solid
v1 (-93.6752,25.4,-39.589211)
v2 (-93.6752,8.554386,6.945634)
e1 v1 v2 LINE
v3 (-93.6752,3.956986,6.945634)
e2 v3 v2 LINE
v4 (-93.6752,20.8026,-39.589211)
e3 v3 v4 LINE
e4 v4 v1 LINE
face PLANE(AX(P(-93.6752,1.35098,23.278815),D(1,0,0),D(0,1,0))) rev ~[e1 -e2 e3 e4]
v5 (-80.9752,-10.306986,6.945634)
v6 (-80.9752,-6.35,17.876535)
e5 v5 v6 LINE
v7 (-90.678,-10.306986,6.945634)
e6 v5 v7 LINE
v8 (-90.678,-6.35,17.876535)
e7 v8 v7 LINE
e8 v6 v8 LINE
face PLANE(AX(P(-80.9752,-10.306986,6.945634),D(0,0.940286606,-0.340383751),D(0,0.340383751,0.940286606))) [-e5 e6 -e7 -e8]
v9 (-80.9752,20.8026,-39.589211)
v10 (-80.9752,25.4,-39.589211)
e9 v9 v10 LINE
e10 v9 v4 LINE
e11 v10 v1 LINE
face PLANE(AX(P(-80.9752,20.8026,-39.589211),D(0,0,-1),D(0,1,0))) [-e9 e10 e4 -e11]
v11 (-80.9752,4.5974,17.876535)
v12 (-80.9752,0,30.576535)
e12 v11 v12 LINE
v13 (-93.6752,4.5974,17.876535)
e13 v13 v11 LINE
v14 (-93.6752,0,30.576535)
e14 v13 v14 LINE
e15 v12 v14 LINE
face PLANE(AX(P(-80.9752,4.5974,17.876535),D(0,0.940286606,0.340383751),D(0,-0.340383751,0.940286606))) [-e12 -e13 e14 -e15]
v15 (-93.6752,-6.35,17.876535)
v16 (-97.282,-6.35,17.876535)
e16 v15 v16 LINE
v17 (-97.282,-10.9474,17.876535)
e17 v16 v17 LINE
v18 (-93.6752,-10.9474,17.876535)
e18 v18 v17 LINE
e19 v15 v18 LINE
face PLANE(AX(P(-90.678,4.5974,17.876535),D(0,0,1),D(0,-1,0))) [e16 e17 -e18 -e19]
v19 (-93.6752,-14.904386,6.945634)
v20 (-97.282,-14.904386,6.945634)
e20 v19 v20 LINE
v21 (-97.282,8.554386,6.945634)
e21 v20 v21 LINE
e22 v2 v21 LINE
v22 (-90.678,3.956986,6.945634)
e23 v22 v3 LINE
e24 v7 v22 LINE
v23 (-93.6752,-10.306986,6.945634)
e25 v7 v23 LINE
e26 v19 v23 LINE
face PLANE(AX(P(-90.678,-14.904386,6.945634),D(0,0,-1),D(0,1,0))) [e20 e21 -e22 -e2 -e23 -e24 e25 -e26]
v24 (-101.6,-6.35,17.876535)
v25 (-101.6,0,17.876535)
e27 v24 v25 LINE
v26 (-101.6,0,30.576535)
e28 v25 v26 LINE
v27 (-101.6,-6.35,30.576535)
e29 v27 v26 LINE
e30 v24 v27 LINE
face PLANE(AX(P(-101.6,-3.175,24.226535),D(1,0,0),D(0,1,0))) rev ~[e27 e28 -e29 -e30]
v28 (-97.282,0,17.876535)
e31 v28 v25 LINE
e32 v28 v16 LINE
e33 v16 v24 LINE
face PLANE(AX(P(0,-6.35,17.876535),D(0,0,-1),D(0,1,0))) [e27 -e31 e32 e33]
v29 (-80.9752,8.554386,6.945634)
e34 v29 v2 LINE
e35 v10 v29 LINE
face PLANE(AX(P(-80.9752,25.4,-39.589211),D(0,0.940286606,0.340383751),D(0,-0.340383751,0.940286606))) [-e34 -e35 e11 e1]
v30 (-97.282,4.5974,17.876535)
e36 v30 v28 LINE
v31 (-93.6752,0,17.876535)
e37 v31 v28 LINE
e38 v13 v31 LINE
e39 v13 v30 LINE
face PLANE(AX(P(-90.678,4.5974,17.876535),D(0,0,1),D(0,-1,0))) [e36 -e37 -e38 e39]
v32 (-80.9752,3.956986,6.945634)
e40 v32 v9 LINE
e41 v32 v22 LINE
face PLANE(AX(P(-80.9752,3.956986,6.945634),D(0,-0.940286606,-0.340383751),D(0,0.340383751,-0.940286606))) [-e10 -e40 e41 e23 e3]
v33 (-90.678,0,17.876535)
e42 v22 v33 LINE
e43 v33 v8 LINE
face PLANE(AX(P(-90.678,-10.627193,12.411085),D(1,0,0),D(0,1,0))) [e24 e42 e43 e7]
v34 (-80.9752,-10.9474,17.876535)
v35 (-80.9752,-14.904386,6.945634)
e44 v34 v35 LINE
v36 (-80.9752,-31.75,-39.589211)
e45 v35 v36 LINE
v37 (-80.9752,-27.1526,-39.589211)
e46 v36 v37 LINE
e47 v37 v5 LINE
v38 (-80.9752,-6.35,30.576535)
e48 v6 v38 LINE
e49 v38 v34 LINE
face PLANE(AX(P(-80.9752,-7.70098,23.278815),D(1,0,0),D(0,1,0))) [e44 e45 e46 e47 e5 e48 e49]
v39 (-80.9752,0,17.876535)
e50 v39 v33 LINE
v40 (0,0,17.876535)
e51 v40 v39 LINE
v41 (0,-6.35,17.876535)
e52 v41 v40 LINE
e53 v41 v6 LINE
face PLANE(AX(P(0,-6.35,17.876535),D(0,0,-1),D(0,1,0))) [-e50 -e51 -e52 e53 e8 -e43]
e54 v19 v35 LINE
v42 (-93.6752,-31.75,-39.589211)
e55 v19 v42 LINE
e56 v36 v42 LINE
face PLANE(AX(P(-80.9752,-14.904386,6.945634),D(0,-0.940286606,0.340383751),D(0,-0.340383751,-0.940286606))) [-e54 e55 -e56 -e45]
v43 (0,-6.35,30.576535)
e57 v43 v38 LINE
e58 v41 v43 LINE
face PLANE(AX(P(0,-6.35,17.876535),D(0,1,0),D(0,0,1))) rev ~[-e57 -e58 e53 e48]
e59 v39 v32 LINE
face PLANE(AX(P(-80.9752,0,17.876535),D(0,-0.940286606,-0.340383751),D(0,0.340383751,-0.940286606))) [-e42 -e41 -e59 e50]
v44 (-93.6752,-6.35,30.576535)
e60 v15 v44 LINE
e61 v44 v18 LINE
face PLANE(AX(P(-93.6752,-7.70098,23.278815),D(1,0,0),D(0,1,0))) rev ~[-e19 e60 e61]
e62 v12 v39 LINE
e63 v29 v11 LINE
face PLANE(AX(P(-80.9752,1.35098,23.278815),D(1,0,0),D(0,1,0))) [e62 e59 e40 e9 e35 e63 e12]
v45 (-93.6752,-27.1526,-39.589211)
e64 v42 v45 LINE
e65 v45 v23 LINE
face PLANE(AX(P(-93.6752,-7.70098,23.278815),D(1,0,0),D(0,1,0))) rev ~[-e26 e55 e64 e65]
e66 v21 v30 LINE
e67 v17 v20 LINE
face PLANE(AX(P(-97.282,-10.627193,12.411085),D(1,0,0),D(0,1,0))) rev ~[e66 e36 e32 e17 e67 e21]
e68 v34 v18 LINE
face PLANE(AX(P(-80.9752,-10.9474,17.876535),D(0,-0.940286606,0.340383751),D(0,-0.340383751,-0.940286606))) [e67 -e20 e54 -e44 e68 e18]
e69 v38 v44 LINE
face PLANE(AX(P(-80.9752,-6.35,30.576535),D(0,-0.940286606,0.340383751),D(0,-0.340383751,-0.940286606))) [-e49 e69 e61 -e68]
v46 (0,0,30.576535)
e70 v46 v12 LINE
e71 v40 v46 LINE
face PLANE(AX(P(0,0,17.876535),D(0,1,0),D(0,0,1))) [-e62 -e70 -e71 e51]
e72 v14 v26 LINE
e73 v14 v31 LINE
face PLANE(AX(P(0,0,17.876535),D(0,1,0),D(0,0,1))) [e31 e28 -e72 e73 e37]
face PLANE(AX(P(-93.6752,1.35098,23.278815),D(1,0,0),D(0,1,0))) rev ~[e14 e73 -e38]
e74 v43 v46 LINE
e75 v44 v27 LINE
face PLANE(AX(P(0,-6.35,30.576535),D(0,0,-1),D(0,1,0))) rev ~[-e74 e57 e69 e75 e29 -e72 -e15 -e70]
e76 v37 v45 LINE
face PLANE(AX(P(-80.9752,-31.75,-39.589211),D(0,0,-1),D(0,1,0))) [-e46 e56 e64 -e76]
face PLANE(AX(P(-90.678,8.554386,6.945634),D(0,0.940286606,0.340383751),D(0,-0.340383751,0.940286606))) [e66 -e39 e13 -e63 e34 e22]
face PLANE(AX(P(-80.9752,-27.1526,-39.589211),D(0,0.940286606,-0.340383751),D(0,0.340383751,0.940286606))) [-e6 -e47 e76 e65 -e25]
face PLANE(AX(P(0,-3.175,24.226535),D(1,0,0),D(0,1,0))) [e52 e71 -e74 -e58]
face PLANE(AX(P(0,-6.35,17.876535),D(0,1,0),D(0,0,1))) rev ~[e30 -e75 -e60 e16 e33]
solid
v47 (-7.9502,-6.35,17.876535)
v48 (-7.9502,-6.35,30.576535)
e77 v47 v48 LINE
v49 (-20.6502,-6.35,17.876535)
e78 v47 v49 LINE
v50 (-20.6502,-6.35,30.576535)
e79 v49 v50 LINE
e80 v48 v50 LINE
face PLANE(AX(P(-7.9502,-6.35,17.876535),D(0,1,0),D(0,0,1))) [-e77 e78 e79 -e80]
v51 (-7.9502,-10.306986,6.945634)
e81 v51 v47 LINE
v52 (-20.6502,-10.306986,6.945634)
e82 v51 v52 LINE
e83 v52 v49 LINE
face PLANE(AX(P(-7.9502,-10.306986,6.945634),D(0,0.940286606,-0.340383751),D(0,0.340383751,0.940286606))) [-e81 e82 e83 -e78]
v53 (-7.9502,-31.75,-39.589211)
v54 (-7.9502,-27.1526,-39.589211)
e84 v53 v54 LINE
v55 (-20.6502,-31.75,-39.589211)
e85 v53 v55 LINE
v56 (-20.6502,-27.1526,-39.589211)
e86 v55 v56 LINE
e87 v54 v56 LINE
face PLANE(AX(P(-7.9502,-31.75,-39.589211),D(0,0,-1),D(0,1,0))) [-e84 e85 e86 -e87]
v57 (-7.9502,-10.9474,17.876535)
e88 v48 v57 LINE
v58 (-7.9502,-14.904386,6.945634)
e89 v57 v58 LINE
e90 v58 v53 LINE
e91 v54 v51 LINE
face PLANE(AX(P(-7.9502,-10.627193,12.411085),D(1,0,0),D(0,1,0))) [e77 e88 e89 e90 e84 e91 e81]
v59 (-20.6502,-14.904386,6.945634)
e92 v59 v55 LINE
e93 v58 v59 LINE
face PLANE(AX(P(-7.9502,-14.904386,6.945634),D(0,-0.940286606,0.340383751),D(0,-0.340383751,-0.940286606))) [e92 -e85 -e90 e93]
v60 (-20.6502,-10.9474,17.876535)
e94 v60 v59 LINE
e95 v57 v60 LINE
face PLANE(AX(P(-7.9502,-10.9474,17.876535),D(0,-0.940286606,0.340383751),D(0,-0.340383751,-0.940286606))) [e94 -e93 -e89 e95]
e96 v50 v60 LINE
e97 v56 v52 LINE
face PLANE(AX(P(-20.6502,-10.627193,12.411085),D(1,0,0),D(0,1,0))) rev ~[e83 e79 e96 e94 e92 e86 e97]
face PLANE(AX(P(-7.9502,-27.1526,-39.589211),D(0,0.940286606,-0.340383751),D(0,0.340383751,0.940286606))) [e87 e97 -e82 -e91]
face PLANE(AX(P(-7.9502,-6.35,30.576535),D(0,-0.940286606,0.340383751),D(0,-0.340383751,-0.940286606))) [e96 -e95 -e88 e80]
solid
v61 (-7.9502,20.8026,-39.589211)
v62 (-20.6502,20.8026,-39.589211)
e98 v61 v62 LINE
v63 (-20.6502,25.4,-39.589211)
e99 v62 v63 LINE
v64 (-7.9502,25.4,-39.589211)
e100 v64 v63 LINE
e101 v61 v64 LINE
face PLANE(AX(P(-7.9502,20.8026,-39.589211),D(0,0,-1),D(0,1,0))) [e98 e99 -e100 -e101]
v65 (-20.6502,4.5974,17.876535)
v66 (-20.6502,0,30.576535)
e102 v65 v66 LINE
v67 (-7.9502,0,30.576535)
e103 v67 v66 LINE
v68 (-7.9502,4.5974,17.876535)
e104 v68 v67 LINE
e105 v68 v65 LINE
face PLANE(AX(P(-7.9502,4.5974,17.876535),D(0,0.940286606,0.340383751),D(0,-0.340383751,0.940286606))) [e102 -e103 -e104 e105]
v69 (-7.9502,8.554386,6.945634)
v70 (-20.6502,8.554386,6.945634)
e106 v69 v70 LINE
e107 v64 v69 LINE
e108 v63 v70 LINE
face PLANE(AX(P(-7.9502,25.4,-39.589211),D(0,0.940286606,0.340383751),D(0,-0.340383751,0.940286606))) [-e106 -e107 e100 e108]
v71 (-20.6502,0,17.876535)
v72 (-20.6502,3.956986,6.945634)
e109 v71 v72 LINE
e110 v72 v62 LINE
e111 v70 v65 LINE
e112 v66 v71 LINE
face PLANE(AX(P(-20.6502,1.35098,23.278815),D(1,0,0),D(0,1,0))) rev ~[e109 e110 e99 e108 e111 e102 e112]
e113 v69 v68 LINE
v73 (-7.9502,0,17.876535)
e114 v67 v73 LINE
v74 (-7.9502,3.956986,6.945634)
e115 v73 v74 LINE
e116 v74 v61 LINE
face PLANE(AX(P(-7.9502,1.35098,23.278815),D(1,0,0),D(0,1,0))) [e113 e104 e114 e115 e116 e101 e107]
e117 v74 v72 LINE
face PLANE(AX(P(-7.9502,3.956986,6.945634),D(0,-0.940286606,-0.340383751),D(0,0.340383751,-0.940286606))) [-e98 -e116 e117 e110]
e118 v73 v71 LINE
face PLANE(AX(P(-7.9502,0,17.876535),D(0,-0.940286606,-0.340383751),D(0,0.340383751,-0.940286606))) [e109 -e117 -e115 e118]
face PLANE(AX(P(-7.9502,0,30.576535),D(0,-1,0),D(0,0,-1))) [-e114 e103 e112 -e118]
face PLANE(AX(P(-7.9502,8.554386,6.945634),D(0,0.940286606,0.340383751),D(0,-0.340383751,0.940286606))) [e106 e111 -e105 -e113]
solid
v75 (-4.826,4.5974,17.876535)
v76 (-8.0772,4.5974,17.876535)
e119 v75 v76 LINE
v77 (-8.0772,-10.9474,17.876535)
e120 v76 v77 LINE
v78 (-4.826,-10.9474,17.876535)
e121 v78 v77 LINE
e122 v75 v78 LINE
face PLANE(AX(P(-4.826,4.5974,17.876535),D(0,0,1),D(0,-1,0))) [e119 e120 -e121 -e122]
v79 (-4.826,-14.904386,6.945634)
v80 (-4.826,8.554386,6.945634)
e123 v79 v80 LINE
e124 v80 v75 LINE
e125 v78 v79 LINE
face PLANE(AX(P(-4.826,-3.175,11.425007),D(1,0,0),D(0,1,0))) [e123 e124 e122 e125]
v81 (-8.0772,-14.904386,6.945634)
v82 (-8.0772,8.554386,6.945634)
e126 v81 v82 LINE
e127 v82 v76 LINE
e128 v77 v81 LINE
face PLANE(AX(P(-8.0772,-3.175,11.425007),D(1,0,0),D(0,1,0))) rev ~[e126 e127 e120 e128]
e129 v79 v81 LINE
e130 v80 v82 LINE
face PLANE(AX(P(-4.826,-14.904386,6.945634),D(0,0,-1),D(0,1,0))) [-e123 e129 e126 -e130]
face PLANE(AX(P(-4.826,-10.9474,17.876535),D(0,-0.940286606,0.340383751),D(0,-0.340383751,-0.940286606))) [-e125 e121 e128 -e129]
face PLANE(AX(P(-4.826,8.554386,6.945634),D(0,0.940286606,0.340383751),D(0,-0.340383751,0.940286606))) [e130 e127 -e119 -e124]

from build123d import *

# Parameters (mm, degrees)
F0_W     = 6.35
F0_H     = 12.7
F1_DEPTH = 101.6
F2_START = -7.9502
F2_DEPTH = 12.7
F3_START = -80.9752
F3_DEPTH = 12.7
F4_START = -4.826
F4_DEPTH = 3.2512
F5_START = -90.678
F5_DEPTH = 6.604


with BuildPart() as f1:
    # F0 (on Right) → F1 (new body)
    with BuildSketch(Plane.YZ):
        with Locations((-3.175, 24.2265348894)):
            Rectangle(F0_W, F0_H)
    extrude(amount=-F1_DEPTH)

    # F0 (on Right) → F3 (join)
    with BuildSketch(Plane.YZ.offset(F3_START)):
        Polygon((-6.35, 17.8765348894), (-6.35, 30.5765348894), (-10.9474, 17.8765348894), align=None)
        Polygon((4.5974, 17.8765348894), (0, 30.5765348894), (0, 17.8765348894), align=None)
        Polygon((4.5974, 17.8765348894), (0, 17.8765348894), (3.9569859437, 6.9456344924), (8.5543859437, 6.9456344924), align=None)
        Polygon((8.5543859437, 6.9456344924), (3.9569859437, 6.9456344924), (20.8026, -39.589210967), (25.4, -39.589210967), align=None)
        Polygon((-10.3069859437, 6.9456344924), (-6.35, 17.8765348894), (-10.9474, 17.8765348894), (-14.9043859437, 6.9456344924), align=None)
        Polygon((-27.1526, -39.589210967), (-10.3069859437, 6.9456344924), (-14.9043859437, 6.9456344924), (-31.75, -39.589210967), align=None)
    extrude(amount=-F3_DEPTH)

    # F0 (on Right) → F5 (join)
    with BuildSketch(Plane.YZ.offset(F5_START)):
        Polygon((-10.3069859437, 6.9456344924), (-6.35, 17.8765348894), (-10.9474, 17.8765348894), (-14.9043859437, 6.9456344924), align=None)
        Polygon((0, 17.8765348894), (-6.35, 17.8765348894), (-10.3069859437, 6.9456344924), (3.9569859437, 6.9456344924), align=None)
        Polygon((4.5974, 17.8765348894), (0, 17.8765348894), (3.9569859437, 6.9456344924), (8.5543859437, 6.9456344924), align=None)
    extrude(amount=-F5_DEPTH)


with BuildPart() as f2:
    # F0 (on Right) → F2 (new body)
    with BuildSketch(Plane.YZ.offset(F2_START)):
        Polygon((-10.3069859437, 6.9456344924), (-6.35, 17.8765348894), (-10.9474, 17.8765348894), (-14.9043859437, 6.9456344924), align=None)
        Polygon((-6.35, 17.8765348894), (-6.35, 30.5765348894), (-10.9474, 17.8765348894), align=None)
        Polygon((-27.1526, -39.589210967), (-10.3069859437, 6.9456344924), (-14.9043859437, 6.9456344924), (-31.75, -39.589210967), align=None)
    extrude(amount=-F2_DEPTH)


with BuildPart() as f2b:
    # F0 (on Right) → F2, piece 2 (new body)
    with BuildSketch(Plane.YZ.offset(F2_START)):
        Polygon((4.5974, 17.8765348894), (0, 30.5765348894), (0, 17.8765348894), align=None)
        Polygon((4.5974, 17.8765348894), (0, 17.8765348894), (3.9569859437, 6.9456344924), (8.5543859437, 6.9456344924), align=None)
        Polygon((8.5543859437, 6.9456344924), (3.9569859437, 6.9456344924), (20.8026, -39.589210967), (25.4, -39.589210967), align=None)
    extrude(amount=-F2_DEPTH)


with BuildPart() as f4:
    # F0 (on Right) → F4 (new body)
    with BuildSketch(Plane.YZ.offset(F4_START)):
        Polygon((0, 17.8765348894), (-6.35, 17.8765348894), (-10.3069859437, 6.9456344924), (3.9569859437, 6.9456344924), align=None)
        Polygon((-10.3069859437, 6.9456344924), (-6.35, 17.8765348894), (-10.9474, 17.8765348894), (-14.9043859437, 6.9456344924), align=None)
        Polygon((4.5974, 17.8765348894), (0, 17.8765348894), (3.9569859437, 6.9456344924), (8.5543859437, 6.9456344924), align=None)
    extrude(amount=-F4_DEPTH)


solid = Compound([f1.part, f2.part, f2b.part, f4.part])
